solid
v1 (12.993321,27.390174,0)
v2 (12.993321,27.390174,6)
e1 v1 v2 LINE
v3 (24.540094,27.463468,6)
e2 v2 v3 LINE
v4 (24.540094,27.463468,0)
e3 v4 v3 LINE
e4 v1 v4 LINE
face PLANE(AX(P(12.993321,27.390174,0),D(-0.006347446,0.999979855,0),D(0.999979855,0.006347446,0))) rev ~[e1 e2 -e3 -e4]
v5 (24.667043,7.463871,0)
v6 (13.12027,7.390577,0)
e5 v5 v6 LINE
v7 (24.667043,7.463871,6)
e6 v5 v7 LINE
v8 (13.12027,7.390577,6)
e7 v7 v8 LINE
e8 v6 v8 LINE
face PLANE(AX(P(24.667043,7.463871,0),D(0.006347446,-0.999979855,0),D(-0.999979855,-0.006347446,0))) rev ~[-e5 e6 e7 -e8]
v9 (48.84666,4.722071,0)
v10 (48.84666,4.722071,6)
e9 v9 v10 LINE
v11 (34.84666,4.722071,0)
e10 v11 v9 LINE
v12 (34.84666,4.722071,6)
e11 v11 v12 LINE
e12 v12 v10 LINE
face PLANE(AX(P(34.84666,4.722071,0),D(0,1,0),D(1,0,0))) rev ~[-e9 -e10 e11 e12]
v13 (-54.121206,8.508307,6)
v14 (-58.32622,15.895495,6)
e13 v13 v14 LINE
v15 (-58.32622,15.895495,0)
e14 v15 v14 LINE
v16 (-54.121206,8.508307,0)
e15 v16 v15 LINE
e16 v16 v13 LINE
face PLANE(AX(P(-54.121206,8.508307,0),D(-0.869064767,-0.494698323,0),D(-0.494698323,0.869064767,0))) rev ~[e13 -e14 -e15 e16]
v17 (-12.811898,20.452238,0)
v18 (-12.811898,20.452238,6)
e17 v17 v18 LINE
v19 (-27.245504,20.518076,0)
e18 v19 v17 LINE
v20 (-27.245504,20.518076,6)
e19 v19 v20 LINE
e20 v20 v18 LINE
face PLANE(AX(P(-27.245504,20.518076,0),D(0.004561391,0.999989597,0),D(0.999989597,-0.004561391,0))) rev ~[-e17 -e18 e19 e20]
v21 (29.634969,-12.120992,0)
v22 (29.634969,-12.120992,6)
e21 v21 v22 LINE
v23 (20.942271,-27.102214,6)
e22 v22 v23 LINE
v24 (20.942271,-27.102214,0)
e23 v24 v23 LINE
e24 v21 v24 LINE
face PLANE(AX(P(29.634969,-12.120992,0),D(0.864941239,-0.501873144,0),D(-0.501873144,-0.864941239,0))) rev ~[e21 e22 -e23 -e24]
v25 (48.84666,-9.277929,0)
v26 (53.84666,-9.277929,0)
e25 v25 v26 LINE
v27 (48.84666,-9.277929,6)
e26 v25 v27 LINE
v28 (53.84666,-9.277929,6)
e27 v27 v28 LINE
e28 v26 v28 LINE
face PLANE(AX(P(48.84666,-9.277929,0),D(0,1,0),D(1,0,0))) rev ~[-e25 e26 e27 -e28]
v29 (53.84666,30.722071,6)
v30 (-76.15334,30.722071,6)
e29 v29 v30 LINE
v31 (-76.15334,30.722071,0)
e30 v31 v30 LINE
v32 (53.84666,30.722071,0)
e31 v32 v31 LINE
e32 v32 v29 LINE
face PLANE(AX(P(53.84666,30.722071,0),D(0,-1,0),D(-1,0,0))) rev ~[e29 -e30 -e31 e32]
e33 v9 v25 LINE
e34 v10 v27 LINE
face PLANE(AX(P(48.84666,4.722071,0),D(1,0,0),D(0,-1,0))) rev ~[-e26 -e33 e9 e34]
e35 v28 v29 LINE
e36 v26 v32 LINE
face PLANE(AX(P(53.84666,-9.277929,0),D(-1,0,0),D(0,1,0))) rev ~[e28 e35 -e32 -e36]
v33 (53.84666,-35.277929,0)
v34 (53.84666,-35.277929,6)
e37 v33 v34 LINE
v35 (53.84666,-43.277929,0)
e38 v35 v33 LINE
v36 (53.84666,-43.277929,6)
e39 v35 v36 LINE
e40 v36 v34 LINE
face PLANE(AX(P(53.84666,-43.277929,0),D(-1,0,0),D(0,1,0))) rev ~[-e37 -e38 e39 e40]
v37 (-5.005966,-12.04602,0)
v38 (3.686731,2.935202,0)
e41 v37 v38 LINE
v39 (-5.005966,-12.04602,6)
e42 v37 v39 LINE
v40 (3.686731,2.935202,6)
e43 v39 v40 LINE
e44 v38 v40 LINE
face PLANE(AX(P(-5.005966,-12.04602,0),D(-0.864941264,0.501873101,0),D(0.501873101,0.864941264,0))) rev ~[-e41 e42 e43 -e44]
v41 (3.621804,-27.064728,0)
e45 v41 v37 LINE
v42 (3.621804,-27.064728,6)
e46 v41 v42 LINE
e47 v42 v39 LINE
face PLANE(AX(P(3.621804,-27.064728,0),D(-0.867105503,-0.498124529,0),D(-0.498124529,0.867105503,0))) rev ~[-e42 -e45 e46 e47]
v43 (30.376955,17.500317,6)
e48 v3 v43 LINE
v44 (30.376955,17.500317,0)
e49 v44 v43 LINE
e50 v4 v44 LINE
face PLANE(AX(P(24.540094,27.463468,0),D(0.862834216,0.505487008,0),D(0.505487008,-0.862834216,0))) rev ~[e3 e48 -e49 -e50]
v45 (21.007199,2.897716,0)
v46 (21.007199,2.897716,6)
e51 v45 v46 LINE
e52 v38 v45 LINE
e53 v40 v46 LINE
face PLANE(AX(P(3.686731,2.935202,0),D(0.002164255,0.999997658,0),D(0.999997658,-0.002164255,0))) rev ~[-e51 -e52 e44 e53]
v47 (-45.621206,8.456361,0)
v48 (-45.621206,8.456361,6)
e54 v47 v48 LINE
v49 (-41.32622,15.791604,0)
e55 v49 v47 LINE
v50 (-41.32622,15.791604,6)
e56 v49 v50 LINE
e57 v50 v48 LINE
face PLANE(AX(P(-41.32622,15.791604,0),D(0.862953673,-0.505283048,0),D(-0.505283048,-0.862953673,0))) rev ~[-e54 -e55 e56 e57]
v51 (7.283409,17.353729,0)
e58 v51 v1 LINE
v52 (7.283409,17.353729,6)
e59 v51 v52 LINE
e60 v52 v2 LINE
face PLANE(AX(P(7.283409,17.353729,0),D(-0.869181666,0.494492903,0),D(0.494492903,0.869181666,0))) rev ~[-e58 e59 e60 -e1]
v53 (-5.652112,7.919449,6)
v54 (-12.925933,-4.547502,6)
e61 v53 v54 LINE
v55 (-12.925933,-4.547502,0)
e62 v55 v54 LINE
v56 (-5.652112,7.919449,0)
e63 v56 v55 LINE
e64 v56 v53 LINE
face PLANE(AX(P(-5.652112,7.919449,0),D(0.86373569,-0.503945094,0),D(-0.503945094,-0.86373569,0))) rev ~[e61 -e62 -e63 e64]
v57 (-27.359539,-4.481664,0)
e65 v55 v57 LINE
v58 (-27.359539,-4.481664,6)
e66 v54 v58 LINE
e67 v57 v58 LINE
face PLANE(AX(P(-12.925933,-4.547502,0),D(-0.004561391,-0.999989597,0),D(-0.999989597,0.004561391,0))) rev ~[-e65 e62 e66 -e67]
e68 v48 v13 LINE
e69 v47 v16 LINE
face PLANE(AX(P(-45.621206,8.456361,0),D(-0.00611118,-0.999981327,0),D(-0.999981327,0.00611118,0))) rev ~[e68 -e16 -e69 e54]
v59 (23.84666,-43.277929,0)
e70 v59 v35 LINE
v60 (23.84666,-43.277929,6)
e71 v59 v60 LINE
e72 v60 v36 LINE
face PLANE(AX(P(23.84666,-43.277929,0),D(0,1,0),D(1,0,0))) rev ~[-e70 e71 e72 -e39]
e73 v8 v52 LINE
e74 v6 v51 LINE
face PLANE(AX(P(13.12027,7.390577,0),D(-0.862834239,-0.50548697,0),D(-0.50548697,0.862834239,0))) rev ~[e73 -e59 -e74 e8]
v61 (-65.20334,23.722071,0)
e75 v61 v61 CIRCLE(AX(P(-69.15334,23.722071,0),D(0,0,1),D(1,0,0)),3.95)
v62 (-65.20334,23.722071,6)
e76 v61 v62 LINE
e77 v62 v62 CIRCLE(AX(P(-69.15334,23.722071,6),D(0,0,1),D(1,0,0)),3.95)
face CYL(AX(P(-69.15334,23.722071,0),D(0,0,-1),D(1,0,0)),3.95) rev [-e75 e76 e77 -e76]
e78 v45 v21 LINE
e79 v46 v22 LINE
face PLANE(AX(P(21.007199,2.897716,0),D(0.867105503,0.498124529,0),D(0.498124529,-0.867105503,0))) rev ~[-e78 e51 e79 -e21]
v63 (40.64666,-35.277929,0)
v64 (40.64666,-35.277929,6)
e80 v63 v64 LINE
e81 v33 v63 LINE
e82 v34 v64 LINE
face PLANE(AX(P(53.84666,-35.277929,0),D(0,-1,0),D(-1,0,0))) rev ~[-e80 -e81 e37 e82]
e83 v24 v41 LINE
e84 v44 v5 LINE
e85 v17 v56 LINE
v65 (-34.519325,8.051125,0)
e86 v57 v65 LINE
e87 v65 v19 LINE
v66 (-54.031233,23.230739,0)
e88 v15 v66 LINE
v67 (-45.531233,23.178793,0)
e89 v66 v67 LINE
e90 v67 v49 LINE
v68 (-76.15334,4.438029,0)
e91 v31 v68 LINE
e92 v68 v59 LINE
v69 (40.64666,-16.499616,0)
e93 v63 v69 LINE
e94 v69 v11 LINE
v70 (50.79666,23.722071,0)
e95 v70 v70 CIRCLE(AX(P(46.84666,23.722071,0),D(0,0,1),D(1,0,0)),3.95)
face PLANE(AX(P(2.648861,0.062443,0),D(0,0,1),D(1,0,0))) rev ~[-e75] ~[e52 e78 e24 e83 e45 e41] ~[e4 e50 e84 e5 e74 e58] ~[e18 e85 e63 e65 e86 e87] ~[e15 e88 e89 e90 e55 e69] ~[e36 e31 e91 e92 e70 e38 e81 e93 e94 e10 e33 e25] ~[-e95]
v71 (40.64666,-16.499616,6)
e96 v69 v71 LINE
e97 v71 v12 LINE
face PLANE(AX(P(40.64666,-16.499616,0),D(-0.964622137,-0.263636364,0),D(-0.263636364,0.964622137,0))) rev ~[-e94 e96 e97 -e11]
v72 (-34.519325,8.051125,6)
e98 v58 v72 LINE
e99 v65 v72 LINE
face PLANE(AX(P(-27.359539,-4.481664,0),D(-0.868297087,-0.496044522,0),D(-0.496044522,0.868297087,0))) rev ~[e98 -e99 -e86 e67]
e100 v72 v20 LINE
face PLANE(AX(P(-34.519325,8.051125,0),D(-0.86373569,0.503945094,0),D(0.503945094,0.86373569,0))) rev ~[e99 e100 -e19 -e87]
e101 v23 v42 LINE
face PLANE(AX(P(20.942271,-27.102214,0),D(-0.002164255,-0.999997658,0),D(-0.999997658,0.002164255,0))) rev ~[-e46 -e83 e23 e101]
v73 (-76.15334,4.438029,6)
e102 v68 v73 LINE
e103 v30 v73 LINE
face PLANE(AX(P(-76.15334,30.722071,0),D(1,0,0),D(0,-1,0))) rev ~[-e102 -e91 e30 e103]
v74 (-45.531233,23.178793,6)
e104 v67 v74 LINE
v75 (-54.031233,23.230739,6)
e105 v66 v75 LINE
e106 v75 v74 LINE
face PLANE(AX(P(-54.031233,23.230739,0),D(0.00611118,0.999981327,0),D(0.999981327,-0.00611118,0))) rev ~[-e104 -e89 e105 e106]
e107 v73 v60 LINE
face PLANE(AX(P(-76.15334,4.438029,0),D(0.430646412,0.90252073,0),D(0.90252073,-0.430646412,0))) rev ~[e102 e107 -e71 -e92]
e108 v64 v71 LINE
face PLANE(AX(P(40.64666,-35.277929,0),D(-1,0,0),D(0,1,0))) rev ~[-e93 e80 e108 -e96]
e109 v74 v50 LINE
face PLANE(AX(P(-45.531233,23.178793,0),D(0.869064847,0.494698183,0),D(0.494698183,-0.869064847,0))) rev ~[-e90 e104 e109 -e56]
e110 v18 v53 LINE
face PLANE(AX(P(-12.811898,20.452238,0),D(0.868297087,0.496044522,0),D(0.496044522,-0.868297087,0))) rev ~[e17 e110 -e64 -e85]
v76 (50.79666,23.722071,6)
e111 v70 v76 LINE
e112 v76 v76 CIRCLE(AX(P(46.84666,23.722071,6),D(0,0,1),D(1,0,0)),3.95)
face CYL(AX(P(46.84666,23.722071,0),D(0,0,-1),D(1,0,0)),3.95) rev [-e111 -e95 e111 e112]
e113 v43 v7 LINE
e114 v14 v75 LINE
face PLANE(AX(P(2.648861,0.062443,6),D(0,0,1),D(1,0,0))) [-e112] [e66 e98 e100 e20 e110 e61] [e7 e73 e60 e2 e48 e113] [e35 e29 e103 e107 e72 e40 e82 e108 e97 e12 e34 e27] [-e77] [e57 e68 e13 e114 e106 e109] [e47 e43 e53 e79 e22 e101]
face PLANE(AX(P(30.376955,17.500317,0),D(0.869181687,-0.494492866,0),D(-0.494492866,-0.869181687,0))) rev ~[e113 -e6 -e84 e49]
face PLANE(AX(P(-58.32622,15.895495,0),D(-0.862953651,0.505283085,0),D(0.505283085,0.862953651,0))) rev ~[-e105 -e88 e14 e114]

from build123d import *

# Parameters (mm, degrees)
F0_R     = 3.95
F1_DEPTH = 6


with BuildPart() as f1:
    # F0 (on Top) → F1 (new body)
    with BuildSketch(Plane.XY):
        Polygon((53.84666, 30.722071), (-76.15334, 30.722071), (-76.15334, 4.438029), (23.84666, -43.277929), (53.84666, -43.277929), (53.84666, -35.277929), (40.64666, -35.277929), (40.64666, -16.499616), (34.84666, 4.722071), (48.84666, 4.722071), (48.84666, -9.277929), (53.84666, -9.277929), align=None)
        Polygon((29.634969, -12.120992), (20.942271, -27.102214), (3.621804, -27.064728), (-5.005966, -12.04602), (3.686731, 2.935202), (21.007199, 2.897716), align=None, mode=Mode.SUBTRACT)
        Polygon((-5.652112, 7.919449), (-12.925933, -4.547502), (-27.359539, -4.481664), (-34.519325, 8.051125), (-27.245504, 20.518076), (-12.811898, 20.452238), align=None, mode=Mode.SUBTRACT)
        Polygon((-41.32622, 15.791604), (-45.621206, 8.456361), (-54.121206, 8.508307), (-58.32622, 15.895495), (-54.031233, 23.230739), (-45.531233, 23.178793), align=None, mode=Mode.SUBTRACT)
        with Locations((-69.15334, 23.722071)):
            Circle(F0_R, mode=Mode.SUBTRACT)
        Polygon((7.283409, 17.353729), (12.993321, 27.390174), (24.540094, 27.463468), (30.376955, 17.500317), (24.667043, 7.463871), (13.12027, 7.390577), align=None, mode=Mode.SUBTRACT)
        with Locations((46.84666, 23.722071)):
            Circle(F0_R, mode=Mode.SUBTRACT)
    extrude(amount=F1_DEPTH)


solid = f1.part
